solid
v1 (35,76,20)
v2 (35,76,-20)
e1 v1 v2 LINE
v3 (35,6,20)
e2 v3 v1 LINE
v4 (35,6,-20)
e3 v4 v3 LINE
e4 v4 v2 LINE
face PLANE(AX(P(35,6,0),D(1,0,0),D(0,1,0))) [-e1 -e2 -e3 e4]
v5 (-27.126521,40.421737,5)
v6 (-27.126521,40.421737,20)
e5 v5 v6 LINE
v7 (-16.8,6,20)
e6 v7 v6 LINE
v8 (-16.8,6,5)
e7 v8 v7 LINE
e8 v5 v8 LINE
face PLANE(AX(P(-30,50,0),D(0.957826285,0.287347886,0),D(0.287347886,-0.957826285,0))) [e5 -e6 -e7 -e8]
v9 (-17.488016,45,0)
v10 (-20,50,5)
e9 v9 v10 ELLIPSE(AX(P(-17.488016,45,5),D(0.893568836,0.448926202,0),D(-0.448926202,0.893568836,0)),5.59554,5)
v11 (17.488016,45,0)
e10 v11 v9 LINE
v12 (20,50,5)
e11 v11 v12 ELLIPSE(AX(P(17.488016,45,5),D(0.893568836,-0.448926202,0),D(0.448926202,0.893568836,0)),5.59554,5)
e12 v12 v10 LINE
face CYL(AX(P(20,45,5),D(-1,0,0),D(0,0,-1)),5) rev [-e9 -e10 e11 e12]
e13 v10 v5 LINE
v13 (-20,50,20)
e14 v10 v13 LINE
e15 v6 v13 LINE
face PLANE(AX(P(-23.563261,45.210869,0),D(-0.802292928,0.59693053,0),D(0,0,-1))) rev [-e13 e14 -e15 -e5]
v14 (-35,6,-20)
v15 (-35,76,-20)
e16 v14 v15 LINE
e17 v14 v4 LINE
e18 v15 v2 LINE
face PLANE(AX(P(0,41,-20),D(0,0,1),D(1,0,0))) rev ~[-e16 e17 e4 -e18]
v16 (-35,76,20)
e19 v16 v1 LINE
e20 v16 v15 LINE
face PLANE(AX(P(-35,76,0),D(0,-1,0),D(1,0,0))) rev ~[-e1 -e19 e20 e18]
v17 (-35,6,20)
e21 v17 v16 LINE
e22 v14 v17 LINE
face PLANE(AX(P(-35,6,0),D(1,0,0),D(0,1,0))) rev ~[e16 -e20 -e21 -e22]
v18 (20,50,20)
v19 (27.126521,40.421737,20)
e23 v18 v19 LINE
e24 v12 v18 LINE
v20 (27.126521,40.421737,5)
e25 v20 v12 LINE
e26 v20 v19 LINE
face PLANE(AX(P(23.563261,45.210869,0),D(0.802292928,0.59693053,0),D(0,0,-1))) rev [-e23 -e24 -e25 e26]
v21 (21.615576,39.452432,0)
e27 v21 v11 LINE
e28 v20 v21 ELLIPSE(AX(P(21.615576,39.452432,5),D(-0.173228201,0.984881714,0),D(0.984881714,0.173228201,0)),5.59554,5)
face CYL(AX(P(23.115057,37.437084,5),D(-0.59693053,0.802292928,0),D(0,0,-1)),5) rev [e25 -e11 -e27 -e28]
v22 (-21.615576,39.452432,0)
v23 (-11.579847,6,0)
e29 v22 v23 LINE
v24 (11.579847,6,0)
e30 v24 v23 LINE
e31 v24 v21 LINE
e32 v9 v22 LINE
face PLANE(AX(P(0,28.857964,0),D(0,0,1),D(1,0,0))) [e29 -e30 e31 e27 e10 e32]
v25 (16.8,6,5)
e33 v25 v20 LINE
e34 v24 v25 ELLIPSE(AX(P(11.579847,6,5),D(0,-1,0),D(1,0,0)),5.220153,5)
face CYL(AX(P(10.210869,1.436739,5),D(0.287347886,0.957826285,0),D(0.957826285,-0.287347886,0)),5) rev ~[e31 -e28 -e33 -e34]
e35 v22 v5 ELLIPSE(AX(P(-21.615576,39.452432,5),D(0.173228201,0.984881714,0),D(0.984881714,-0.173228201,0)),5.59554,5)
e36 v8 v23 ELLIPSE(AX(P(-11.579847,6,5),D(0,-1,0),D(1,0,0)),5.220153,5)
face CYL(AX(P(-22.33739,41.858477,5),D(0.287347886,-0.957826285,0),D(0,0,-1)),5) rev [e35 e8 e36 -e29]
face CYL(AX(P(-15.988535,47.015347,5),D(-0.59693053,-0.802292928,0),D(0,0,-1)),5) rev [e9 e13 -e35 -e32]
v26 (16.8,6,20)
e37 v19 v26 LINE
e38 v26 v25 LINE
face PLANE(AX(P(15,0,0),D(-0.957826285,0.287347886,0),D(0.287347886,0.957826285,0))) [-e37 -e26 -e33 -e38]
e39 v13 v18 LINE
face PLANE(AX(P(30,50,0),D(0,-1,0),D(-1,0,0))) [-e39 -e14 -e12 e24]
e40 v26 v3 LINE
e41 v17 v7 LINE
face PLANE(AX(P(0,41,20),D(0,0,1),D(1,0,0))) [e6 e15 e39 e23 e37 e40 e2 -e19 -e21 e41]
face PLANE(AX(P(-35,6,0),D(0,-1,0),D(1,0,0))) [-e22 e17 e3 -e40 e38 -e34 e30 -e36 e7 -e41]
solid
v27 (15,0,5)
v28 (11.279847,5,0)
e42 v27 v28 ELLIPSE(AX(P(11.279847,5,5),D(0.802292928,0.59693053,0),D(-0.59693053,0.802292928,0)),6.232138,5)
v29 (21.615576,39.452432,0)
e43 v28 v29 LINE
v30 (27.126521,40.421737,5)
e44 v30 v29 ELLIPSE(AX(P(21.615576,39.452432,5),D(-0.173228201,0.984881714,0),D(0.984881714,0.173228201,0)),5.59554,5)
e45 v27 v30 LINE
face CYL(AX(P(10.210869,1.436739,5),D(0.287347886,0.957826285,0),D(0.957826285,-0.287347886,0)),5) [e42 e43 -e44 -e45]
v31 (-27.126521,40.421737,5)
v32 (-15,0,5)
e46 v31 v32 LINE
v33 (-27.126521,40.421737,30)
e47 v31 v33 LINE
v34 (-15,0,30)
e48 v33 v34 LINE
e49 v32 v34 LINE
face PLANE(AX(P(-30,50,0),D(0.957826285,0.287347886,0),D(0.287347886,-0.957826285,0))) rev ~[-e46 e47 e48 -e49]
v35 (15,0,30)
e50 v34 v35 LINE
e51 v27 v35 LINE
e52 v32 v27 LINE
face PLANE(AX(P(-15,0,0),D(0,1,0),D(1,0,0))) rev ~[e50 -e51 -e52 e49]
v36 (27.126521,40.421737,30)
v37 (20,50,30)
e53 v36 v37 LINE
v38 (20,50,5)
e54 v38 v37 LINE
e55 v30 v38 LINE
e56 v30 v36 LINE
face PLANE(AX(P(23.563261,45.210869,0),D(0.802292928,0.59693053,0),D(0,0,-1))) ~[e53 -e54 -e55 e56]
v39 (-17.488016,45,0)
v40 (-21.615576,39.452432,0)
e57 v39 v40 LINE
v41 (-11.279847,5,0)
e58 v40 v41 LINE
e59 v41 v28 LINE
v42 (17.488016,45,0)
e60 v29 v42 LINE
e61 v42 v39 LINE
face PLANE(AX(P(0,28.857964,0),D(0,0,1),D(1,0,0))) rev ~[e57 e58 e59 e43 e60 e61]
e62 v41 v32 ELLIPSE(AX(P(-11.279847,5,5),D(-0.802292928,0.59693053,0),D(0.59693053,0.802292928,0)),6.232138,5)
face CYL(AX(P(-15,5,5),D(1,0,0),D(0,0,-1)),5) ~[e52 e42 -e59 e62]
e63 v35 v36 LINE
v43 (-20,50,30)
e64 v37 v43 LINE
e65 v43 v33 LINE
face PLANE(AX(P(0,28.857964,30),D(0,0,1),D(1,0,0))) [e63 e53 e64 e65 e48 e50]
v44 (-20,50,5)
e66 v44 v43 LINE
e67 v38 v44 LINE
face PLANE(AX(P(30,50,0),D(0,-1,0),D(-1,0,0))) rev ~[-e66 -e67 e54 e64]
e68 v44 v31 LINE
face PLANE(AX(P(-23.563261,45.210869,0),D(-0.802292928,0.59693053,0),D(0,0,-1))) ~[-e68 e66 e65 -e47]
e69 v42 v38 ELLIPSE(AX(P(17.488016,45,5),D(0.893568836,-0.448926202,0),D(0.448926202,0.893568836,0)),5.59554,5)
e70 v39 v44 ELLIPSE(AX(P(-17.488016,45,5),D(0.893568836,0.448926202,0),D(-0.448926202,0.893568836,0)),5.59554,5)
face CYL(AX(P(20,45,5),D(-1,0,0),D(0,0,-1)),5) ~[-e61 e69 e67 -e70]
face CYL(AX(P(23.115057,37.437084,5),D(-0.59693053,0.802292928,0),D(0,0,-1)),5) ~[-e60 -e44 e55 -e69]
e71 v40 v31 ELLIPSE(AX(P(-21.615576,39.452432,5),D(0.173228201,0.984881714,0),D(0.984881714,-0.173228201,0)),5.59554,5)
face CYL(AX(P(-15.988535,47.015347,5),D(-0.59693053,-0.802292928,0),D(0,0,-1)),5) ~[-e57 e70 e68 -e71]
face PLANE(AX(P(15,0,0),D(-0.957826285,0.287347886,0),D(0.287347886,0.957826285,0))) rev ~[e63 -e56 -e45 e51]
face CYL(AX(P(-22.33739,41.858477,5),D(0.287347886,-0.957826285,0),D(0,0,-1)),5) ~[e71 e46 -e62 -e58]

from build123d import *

# Parameters (mm, degrees)
F1_DEPTH      = 30
F2_SIZE       = 10
F3_R          = 5
F4_W          = 70
F4_H          = 70
F5_DEPTH      = 20
F5_DEPTH_BACK = 20


with BuildPart() as f1:
    # F0 (on Top) → F1 (new body)
    with BuildSketch(Plane.XY):
        Polygon((-15, 0), (0, 0), (15, 0), (30, 50), (0, 50), (-30, 50), align=None)
    extrude(amount=F1_DEPTH)

    # F2
    f2_edges = [f1.edges().sort_by_distance(p)[0] for p in [
        (-30, 50, 15),
        (30, 50, 15),
    ]]
    chamfer(f2_edges, length=F2_SIZE)

    # F3
    f3_edges = [f1.edges().sort_by_distance(p)[0] for p in [
        (21.063261, 20.210869, 0),
        (23.563261, 45.210869, 0),
        (0, 0, 0),
        (0, 50, 0),
        (-21.063261, 20.210869, 0),
        (-23.563261, 45.210869, 0),
    ]]
    fillet(f3_edges, radius=F3_R)


with BuildPart() as f5:
    # F4 (on Top) → F5 (new body, two sides)
    with BuildSketch(Plane.XY) as f5_sk:
        with Locations((0, 41)):
            Rectangle(F4_W, F4_H)
    extrude(amount=F5_DEPTH)
    extrude(f5_sk.sketch, amount=-F5_DEPTH_BACK)

    # F6: cut F1
    add(f1.part, mode=Mode.SUBTRACT)


solid = Compound([f1.part, f5.part])
